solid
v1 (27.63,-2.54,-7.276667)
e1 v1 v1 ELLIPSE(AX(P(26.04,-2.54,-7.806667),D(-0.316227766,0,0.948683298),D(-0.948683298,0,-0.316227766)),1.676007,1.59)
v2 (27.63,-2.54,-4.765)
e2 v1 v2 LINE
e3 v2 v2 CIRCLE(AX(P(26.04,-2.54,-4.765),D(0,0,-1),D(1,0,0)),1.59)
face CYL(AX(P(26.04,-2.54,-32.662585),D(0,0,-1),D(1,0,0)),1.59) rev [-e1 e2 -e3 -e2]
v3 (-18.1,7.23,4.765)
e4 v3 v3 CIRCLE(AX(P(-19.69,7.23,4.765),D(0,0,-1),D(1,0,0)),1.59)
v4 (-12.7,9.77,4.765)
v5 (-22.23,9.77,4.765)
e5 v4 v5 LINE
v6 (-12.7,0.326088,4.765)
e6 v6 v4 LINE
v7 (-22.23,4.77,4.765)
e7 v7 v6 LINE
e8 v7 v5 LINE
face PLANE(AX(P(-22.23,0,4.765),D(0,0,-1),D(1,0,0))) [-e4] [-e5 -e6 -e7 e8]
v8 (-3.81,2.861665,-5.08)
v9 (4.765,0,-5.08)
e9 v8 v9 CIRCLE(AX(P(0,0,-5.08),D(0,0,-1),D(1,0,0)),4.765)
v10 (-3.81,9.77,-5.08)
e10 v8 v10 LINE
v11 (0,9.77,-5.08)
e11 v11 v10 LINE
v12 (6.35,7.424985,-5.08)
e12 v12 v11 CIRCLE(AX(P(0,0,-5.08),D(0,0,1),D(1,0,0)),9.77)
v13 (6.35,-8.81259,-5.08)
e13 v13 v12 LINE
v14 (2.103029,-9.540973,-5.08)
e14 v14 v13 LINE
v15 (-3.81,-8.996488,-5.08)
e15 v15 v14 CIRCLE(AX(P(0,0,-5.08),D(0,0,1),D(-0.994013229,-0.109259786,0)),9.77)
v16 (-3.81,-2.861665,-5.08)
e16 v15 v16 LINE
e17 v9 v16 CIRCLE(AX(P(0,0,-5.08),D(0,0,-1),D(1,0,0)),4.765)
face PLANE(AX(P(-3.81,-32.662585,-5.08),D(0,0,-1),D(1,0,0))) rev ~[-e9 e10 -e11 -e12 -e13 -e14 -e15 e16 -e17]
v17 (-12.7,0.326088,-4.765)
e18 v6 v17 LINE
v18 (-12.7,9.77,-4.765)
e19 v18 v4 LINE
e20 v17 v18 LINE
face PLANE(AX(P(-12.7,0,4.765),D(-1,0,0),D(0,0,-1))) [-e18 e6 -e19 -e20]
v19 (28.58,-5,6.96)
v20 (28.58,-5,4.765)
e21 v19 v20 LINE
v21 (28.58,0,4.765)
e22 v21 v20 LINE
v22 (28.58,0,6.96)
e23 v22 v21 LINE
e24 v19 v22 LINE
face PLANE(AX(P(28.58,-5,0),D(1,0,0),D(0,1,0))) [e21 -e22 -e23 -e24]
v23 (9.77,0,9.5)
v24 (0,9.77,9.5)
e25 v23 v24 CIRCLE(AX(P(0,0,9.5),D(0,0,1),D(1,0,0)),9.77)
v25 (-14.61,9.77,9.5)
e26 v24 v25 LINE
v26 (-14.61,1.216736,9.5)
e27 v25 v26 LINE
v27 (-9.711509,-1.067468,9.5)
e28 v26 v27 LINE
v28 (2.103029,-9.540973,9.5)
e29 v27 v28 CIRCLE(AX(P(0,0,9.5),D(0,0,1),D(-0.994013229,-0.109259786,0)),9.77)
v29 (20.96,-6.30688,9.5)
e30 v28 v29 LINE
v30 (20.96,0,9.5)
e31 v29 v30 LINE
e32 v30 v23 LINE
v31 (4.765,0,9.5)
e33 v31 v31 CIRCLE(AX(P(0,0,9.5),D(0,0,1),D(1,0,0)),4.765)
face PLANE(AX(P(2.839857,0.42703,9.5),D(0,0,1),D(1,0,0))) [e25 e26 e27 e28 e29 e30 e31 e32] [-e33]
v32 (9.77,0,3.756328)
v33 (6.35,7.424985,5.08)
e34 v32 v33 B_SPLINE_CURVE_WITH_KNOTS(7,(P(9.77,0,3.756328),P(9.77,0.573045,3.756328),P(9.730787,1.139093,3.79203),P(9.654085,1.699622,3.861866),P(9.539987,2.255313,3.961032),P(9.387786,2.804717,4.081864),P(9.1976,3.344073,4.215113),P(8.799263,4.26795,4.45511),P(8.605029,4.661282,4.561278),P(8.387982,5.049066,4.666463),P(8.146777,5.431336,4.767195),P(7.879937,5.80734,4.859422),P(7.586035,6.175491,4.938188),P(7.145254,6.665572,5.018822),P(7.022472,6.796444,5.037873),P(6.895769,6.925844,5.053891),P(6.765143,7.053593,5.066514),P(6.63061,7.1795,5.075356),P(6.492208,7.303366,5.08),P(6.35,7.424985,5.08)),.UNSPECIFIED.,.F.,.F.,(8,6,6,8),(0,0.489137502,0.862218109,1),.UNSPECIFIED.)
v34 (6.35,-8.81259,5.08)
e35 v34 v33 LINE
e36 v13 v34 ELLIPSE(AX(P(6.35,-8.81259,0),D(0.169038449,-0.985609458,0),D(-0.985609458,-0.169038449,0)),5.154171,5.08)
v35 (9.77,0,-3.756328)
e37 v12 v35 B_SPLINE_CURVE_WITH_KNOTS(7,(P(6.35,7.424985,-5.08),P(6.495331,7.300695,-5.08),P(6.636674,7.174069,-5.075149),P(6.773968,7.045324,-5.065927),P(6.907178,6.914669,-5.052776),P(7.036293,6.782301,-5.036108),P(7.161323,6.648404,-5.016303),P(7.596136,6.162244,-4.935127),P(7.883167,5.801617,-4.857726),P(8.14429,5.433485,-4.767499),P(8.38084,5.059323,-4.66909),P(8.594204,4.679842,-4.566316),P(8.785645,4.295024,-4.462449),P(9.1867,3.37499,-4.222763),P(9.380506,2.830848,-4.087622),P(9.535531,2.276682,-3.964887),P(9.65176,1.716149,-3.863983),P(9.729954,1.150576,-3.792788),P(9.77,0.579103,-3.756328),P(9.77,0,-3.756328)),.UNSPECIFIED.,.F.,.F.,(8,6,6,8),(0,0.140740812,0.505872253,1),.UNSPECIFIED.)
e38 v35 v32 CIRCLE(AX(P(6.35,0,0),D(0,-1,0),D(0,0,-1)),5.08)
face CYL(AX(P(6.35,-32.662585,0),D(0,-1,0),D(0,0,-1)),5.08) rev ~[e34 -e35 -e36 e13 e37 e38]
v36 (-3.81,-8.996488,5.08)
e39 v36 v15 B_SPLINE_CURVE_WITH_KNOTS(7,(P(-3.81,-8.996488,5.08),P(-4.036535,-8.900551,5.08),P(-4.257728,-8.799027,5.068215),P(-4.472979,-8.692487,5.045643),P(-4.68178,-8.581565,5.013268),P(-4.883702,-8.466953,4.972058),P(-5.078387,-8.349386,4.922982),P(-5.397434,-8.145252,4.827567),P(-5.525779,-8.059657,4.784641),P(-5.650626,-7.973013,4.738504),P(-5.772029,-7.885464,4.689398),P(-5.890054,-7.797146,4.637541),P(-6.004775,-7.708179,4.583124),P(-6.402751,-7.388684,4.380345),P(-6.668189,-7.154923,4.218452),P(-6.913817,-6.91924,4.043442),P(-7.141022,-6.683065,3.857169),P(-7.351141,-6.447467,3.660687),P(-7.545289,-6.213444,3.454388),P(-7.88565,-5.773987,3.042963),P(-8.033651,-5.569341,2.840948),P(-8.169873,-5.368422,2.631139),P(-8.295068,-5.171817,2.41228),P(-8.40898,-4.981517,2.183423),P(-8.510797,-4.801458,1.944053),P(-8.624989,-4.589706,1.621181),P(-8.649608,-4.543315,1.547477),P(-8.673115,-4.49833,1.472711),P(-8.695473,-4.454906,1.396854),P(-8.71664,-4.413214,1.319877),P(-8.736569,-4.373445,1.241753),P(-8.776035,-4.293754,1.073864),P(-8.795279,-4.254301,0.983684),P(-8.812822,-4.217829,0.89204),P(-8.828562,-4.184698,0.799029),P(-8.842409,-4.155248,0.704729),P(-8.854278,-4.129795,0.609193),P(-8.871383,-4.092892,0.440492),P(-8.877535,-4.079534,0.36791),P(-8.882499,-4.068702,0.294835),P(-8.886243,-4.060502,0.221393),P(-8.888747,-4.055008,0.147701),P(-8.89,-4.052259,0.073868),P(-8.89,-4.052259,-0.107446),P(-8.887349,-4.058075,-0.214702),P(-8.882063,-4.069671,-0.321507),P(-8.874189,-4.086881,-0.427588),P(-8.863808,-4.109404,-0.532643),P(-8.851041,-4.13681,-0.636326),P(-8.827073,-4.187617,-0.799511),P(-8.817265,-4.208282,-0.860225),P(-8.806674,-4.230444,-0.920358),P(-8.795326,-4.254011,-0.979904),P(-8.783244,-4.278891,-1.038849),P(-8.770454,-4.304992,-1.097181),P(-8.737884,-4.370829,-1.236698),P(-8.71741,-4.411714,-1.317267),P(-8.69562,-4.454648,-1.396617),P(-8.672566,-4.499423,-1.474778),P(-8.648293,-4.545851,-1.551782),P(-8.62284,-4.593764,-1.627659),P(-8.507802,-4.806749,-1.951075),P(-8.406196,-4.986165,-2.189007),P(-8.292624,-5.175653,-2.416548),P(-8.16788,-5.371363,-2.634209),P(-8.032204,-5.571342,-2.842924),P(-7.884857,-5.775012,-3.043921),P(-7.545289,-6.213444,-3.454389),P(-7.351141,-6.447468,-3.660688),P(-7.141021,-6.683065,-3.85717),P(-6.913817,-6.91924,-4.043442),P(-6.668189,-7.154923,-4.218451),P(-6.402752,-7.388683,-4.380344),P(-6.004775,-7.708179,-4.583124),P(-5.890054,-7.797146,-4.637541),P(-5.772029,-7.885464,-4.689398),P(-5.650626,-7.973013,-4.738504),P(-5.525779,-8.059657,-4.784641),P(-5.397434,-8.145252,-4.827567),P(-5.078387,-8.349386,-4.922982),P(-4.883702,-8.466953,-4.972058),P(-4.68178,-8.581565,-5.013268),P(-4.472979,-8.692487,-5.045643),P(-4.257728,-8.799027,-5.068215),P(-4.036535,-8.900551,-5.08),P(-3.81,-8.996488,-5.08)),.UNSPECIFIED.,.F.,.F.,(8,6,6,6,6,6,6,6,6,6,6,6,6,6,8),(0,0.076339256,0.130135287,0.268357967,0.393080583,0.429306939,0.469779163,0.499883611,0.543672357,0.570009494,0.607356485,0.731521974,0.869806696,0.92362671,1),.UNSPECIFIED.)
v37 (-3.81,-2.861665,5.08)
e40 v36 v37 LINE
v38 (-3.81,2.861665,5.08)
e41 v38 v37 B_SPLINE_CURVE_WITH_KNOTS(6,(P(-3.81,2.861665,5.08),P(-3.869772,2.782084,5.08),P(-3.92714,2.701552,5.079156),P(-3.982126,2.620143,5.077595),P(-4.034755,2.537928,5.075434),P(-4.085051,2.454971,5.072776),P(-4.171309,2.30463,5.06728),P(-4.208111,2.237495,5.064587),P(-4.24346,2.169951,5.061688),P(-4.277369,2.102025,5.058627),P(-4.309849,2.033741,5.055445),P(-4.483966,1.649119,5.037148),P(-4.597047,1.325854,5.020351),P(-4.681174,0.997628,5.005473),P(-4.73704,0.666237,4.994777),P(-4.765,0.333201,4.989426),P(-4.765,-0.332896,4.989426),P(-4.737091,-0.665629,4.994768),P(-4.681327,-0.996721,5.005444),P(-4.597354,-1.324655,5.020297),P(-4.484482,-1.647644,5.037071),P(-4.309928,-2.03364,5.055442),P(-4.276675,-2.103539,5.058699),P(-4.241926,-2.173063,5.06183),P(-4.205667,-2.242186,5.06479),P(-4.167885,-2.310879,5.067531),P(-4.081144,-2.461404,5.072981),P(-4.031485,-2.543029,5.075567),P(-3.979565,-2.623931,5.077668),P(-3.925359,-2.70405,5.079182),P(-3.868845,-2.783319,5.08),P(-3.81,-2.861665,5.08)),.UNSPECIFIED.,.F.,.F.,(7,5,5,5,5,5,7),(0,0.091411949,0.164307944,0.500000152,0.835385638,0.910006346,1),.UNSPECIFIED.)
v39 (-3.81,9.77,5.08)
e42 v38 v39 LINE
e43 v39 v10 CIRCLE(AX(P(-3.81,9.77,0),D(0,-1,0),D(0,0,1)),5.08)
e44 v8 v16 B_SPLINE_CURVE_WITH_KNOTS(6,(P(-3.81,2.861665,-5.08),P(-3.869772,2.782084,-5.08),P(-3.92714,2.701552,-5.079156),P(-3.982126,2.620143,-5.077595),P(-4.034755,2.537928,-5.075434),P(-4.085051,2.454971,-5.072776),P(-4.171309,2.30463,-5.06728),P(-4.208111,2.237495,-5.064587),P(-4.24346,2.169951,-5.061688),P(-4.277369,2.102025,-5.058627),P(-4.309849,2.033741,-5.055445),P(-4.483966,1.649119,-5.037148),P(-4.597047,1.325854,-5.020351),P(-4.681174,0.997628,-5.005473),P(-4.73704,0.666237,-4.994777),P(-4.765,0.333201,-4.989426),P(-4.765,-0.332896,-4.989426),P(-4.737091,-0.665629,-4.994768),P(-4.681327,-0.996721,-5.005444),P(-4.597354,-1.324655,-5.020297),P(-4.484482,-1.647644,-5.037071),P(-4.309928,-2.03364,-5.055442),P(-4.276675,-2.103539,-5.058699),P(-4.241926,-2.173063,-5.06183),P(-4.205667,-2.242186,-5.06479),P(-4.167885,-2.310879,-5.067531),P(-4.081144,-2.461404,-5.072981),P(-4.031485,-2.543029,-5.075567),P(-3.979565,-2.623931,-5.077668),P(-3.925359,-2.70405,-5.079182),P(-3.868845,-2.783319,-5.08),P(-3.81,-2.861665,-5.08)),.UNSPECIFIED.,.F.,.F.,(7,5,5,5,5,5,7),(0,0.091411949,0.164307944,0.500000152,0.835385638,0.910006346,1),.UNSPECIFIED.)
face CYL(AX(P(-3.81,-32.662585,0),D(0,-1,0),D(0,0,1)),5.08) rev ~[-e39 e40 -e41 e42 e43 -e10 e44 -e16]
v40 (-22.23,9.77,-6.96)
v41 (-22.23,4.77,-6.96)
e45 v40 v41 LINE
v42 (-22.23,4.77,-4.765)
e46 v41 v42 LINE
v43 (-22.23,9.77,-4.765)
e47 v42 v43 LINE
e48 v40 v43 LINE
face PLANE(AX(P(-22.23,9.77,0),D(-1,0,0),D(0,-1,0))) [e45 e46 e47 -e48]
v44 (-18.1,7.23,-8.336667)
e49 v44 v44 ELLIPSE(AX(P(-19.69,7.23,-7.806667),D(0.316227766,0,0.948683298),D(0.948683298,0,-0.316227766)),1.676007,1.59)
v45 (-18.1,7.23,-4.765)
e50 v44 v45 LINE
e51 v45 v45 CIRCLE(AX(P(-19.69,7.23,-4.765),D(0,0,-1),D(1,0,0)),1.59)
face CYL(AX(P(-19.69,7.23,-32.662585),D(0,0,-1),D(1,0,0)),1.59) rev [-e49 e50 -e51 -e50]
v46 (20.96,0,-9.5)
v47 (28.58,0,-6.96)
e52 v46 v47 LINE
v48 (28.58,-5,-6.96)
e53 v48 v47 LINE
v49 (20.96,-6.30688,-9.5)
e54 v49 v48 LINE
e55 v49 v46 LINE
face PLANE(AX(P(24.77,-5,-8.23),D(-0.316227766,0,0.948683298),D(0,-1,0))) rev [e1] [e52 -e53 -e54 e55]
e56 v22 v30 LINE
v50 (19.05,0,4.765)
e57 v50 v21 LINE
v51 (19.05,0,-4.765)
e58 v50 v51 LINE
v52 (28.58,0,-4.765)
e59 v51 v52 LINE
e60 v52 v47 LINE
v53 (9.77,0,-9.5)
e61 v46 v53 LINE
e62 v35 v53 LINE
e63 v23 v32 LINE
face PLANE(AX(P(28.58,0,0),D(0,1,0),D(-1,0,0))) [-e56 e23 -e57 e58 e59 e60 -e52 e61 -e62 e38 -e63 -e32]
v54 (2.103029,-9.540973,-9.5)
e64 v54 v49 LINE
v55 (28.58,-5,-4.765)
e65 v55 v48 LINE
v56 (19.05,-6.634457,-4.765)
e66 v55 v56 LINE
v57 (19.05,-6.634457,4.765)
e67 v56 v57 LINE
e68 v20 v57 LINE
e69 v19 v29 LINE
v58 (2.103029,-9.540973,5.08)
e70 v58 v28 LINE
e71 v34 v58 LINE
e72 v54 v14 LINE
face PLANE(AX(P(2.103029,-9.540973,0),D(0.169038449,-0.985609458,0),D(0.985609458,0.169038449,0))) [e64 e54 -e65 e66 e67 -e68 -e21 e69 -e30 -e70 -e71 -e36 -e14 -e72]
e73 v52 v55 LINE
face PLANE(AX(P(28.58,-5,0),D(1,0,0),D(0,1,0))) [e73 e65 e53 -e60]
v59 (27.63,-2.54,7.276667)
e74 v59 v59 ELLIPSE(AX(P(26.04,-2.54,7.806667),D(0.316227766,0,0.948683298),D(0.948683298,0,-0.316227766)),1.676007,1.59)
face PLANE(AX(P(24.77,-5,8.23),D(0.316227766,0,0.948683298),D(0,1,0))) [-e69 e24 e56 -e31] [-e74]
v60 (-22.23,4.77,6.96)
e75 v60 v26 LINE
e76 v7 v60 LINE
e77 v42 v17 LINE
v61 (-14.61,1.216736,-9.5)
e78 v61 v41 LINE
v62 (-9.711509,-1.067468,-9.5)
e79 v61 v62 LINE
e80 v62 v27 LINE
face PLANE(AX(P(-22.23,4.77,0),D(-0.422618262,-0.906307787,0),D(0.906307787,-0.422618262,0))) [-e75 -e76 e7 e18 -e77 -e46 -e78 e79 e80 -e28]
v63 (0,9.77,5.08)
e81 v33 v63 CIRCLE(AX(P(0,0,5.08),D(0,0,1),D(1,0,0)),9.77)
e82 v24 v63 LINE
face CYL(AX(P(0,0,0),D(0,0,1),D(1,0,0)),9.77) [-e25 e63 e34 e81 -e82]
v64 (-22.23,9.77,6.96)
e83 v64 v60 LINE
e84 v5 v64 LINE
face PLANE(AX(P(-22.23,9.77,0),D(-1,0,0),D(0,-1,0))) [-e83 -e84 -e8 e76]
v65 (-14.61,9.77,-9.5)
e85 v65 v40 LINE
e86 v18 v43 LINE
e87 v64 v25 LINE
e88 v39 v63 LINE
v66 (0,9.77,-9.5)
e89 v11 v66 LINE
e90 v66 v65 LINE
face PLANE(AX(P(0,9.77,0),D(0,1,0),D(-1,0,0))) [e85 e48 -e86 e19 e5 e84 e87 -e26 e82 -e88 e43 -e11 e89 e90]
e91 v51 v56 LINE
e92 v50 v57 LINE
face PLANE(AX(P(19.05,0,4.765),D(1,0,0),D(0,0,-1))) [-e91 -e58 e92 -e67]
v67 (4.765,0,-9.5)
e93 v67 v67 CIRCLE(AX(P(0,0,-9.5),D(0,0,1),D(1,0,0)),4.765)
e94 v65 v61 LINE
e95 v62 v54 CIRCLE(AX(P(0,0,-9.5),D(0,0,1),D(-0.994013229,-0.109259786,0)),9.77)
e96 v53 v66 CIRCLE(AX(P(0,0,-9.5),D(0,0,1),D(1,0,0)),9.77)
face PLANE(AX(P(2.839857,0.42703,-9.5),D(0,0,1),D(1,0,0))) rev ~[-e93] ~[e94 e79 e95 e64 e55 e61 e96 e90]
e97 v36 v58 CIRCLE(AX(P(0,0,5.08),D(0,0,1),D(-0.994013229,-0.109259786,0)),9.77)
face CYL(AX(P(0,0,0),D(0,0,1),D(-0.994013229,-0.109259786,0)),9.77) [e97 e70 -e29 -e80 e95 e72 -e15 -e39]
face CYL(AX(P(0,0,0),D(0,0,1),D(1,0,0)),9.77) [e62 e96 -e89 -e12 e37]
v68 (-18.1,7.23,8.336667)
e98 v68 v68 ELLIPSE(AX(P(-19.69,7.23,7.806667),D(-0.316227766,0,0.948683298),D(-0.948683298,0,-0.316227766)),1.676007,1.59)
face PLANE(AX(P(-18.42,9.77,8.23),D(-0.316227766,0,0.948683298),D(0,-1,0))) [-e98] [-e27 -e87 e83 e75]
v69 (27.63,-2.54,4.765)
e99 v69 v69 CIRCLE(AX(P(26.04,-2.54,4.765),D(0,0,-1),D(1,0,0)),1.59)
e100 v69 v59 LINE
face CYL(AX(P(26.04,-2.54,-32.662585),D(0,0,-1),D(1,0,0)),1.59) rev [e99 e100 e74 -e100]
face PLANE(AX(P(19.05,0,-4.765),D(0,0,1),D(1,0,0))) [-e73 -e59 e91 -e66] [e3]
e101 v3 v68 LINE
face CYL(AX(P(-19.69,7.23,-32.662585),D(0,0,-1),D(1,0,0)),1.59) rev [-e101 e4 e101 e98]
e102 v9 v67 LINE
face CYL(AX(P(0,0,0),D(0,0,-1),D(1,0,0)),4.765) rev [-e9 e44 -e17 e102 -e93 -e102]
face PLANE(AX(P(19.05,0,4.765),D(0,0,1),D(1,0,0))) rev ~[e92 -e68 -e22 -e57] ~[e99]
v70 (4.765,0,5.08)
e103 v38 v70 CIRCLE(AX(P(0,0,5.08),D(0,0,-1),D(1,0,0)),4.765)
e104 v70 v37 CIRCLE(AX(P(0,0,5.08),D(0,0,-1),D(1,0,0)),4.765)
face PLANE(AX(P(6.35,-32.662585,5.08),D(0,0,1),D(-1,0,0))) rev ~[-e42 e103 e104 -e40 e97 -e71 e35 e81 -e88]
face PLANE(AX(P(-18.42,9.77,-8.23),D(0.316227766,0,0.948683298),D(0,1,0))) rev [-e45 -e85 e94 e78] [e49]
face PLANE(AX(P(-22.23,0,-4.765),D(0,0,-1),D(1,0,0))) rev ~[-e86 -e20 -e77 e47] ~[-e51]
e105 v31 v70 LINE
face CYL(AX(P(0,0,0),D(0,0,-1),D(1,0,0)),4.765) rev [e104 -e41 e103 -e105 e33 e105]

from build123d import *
from OCP.BRepFilletAPI import BRepFilletAPI_MakeChamfer

# Parameters (mm, degrees)
SKETCH1_R               = 4.765
BOSS_EXTRUDE1_DEPTH     = 9.5
CHAMFER5_SIZE           = 7.62
CHAMFER5_SIZE2          = 2.54
CHAMFER6_SIZE           = 2.54
CHAMFER6_SIZE2          = 7.62
SKETCH2_W               = 9.53
SKETCH2_H               = 9.53
CUT_EXTRUDE1_DEPTH      = 32.662585176
SKETCH2_2_W             = 9.53
SKETCH2_2_H             = 9.53
CUT_EXTRUDE2_DEPTH      = 32.662585176
CUT_EXTRUDE3_DEPTH      = 32.662585176
CUT_EXTRUDE3_DEPTH_BACK = 32.662585176
CUT_EXTRUDE4_DEPTH      = 32.662585236
CUT_EXTRUDE4_DEPTH_BACK = 32.662585236
SKETCH4_R               = 1.59


with BuildPart() as part:
    # Sketch1 → Boss-Extrude1 (new, symmetric)
    with BuildSketch(Plane.XY):
        with BuildLine():
            Line((0, 9.77), (-22.23, 9.77))
            Line((-22.23, 9.77), (-22.23, 4.77))
            Line((-22.23, 4.77), (-9.711509246, -1.067468107))
            ThreePointArc((-9.711509246, -1.067468107), (-5.694059685, -7.939180329), (2.103028838, -9.540973206))
            Line((2.103028838, -9.540973206), (28.58, -5))
            Line((28.58, -5), (28.58, 0))
            Line((28.58, 0), (9.77, 0))
            ThreePointArc((9.77, 0), (6.908433252, 6.908433252), (0, 9.77))
        make_face()
        Circle(SKETCH1_R, mode=Mode.SUBTRACT)
    extrude(amount=BOSS_EXTRUDE1_DEPTH, both=True)

    # Chamfer5
    chamfer5_edges = [part.edges().sort_by_distance(p)[0] for p in [
        (-22.23, 7.27, -9.5),
        (28.58, -2.5, -9.5),
    ]]
    chamfer5_side = [part.faces().sort_by_distance(p)[0] for p in [
        (6.52350029, 6.52350029, -9.5),
    ]]
    chamfer(chamfer5_edges, length=CHAMFER5_SIZE, length2=CHAMFER5_SIZE2, reference=chamfer5_side[0])

    # Chamfer6: one chamfer whose edges measure the first distance from different faces: ONE call of the kernel's chamfer builder (chamfer() names one face for all edges)
    chamfer6_edges_1 = [part.edges().sort_by_distance(p)[0] for p in [
        (-22.23, 7.27, 9.5),
    ]]
    chamfer6_side_1 = [part.faces().sort_by_distance(p)[0] for p in [
        (-22.23, 7.27, 1.27),
    ]]
    chamfer6_edges_2 = [part.edges().sort_by_distance(p)[0] for p in [
        (28.58, -2.5, 9.5),
    ]]
    chamfer6_side_2 = [part.faces().sort_by_distance(p)[0] for p in [
        (28.58, -2.5, 1.27),
    ]]
    chamfer6 = BRepFilletAPI_MakeChamfer(part.part.solid().wrapped)
    for e in chamfer6_edges_1:
        chamfer6.Add(CHAMFER6_SIZE, CHAMFER6_SIZE2, e.wrapped, chamfer6_side_1[0].wrapped)  # the first distance lies on this face
    for e in chamfer6_edges_2:
        chamfer6.Add(CHAMFER6_SIZE, CHAMFER6_SIZE2, e.wrapped, chamfer6_side_2[0].wrapped)  # the first distance lies on this face
    add(Compound.cast(chamfer6.Shape()), mode=Mode.REPLACE)

    # Sketch2 → Cut-Extrude1 (cut, through all)
    with BuildSketch(Plane(origin=(0, 0, 0), x_dir=(1, 0, 0), z_dir=(0, 1, 0))):
        with Locations((-17.465, 0)):
            Rectangle(SKETCH2_W, SKETCH2_H)
        with Locations((23.815, 0)):
            Rectangle(SKETCH2_W, SKETCH2_H)
    extrude(amount=-CUT_EXTRUDE1_DEPTH, mode=Mode.SUBTRACT)

    # Sketch2<2> → Cut-Extrude2 (cut, through all)
    with BuildSketch(Plane(origin=(0, 0, 0), x_dir=(1, 0, 0), z_dir=(0, 1, 0))):
        with Locations((-17.465, 0)):
            Rectangle(SKETCH2_2_W, SKETCH2_2_H)
        with Locations((23.815, 0)):
            Rectangle(SKETCH2_2_W, SKETCH2_2_H)
    extrude(amount=CUT_EXTRUDE2_DEPTH, mode=Mode.SUBTRACT)

    # Sketch3 → Cut-Extrude3 (cut, two sides: drawn at the far end of the back side and taken through both)
    with BuildSketch(Plane(origin=(0, 0, 0), x_dir=(1, 0, 0), z_dir=(0, 1, 0)).offset(-CUT_EXTRUDE3_DEPTH_BACK)):
        with BuildLine():
            Line((-3.81, 5.08), (6.35, 5.08))
            ThreePointArc((6.35, 5.08), (11.43, 0), (6.35, -5.08))
            Line((6.35, -5.08), (-3.81, -5.08))
            ThreePointArc((-3.81, -5.08), (-8.89, 0), (-3.81, 5.08))
        make_face()
    extrude(amount=CUT_EXTRUDE3_DEPTH + CUT_EXTRUDE3_DEPTH_BACK, mode=Mode.SUBTRACT)

    # Sketch4 → Cut-Extrude4 (cut, two sides: drawn at the far end of the back side and taken through both)
    with BuildSketch(Plane.XY.offset(-CUT_EXTRUDE4_DEPTH_BACK)):
        with Locations((-19.69, 7.23)):
            Circle(SKETCH4_R)
        with Locations((26.04, -2.54)):
            Circle(SKETCH4_R)
    extrude(amount=CUT_EXTRUDE4_DEPTH + CUT_EXTRUDE4_DEPTH_BACK, mode=Mode.SUBTRACT)


solid = part.part
